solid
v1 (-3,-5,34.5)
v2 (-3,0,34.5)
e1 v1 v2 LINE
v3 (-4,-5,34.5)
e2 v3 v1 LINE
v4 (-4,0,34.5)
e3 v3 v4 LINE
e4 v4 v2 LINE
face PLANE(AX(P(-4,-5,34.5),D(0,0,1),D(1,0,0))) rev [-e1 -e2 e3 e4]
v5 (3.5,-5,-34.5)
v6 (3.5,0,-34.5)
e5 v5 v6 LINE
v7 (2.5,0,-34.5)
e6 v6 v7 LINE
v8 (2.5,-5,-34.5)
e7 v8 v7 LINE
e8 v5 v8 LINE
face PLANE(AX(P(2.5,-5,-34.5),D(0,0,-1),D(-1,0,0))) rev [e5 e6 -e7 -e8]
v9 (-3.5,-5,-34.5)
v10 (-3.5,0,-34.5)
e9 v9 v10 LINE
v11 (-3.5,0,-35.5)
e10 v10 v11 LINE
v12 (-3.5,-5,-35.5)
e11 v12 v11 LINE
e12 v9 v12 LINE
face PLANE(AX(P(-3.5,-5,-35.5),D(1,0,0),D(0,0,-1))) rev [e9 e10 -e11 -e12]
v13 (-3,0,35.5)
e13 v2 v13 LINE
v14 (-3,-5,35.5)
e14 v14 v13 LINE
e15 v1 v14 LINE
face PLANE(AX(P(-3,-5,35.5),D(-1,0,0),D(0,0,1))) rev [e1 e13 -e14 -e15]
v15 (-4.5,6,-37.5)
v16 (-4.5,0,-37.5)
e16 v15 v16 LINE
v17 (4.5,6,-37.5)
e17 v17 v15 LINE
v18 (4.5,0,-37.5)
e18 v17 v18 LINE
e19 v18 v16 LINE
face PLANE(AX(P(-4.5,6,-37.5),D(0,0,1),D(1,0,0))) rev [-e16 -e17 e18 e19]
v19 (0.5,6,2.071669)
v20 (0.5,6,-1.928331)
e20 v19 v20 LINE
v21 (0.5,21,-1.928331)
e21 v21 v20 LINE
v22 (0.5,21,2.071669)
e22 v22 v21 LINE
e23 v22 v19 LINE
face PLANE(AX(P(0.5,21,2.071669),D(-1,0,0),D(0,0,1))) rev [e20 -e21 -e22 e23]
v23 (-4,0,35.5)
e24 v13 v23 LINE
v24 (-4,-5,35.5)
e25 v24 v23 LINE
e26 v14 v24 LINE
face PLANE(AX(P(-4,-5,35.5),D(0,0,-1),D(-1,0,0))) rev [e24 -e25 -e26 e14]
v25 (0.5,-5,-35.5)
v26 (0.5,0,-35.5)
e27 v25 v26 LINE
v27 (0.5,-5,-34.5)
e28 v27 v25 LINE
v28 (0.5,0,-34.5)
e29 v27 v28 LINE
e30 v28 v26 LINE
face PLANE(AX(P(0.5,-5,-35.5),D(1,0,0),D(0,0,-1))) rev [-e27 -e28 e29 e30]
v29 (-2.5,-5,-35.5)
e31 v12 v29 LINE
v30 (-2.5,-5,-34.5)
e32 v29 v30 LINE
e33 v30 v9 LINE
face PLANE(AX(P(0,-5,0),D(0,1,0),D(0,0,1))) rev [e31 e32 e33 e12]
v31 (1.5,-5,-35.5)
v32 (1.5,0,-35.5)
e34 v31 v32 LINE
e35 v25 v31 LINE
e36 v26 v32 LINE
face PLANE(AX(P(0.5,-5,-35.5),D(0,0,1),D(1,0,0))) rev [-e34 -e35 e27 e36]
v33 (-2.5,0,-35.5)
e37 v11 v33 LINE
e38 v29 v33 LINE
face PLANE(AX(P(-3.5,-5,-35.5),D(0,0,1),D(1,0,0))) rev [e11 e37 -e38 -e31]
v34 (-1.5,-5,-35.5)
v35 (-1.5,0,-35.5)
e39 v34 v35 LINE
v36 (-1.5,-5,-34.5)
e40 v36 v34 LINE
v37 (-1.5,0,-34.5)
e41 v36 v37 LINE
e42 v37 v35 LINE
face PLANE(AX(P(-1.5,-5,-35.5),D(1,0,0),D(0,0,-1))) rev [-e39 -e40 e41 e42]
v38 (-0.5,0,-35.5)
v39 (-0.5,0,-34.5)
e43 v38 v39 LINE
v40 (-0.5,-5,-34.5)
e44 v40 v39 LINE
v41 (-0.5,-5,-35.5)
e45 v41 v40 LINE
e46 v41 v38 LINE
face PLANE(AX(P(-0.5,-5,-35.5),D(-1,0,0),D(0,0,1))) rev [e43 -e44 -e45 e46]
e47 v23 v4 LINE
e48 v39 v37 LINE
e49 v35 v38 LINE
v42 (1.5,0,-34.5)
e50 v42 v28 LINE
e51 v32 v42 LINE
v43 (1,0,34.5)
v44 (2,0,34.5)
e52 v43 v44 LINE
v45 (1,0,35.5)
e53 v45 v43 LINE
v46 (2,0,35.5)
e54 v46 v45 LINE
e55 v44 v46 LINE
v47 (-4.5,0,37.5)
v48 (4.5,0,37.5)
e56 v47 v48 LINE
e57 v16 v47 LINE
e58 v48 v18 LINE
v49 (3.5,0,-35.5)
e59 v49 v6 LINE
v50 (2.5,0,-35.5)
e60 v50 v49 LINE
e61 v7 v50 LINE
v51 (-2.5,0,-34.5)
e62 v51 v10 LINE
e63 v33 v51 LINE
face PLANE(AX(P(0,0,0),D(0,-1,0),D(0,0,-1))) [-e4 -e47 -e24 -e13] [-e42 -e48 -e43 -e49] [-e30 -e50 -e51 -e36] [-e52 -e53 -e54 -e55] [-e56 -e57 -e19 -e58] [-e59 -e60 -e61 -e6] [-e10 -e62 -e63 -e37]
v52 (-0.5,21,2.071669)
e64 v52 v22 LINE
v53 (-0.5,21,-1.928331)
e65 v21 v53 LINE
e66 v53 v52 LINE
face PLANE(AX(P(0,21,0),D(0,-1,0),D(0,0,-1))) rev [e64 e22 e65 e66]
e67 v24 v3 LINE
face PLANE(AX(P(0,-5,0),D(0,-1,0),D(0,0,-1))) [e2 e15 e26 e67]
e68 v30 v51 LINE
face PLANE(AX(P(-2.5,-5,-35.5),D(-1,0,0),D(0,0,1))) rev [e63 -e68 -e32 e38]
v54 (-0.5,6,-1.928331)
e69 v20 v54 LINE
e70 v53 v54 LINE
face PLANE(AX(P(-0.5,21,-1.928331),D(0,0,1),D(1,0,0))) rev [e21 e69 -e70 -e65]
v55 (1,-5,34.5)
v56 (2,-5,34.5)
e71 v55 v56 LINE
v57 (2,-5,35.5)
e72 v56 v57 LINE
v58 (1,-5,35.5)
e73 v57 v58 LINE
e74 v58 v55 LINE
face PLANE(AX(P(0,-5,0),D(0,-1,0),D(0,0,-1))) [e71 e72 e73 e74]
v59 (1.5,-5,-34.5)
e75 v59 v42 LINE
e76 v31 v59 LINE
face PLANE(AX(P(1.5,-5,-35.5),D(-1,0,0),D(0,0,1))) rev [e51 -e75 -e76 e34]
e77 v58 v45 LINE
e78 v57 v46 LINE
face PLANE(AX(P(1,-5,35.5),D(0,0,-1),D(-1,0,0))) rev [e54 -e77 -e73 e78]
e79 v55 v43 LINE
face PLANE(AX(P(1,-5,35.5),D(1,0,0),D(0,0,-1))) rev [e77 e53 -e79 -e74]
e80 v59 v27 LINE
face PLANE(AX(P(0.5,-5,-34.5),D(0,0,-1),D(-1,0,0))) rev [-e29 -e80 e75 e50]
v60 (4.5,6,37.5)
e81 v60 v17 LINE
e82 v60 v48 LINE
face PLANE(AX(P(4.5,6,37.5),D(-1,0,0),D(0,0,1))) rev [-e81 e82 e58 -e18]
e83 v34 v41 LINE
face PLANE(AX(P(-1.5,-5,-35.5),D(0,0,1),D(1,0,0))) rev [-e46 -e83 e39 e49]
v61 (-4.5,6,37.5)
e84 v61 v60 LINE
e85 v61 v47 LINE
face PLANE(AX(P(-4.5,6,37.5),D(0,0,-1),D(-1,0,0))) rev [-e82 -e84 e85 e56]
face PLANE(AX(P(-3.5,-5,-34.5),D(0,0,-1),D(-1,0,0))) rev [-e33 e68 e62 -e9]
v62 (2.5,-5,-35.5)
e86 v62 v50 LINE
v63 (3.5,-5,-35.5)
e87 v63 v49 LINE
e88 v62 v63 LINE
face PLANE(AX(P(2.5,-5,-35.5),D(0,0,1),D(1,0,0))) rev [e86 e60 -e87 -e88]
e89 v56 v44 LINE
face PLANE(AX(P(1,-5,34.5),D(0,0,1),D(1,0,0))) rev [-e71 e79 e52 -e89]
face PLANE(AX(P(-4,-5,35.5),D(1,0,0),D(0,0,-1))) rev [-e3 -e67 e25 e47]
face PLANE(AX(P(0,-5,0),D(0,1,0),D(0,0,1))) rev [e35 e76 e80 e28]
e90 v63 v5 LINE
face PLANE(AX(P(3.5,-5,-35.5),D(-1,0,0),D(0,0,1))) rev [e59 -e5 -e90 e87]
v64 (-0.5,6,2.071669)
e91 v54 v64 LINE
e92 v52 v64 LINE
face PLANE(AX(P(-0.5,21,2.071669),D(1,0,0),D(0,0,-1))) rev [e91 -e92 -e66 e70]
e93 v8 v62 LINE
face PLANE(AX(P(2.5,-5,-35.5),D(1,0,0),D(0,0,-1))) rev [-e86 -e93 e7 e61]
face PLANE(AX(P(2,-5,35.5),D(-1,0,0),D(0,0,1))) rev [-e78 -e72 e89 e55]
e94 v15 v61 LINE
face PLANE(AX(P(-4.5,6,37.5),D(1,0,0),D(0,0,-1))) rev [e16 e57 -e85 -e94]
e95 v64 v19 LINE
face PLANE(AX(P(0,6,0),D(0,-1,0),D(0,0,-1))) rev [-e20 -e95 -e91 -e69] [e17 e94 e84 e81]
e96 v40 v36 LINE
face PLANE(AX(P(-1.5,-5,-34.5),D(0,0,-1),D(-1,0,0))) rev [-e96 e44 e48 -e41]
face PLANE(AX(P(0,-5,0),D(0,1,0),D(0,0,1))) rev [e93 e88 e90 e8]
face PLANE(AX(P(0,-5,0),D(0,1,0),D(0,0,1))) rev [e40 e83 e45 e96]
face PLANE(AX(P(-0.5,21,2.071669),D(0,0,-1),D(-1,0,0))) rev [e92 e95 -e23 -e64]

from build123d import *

# Parameters (mm, degrees)
SKETCH1_W           = 9
SKETCH1_H           = 75
BOSS_EXTRUDE1_DEPTH = 6
SKETCH2_W           = 1
SKETCH2_H           = 4
BOSS_EXTRUDE2_DEPTH = 15
SKETCH4_W           = 1
SKETCH4_H           = 1
BOSS_EXTRUDE3_DEPTH = 5


with BuildPart() as part:
    # Sketch1 → Boss-Extrude1 (new body)
    with BuildSketch(Plane(origin=(0, 0, 0), x_dir=(1, 0, 0), z_dir=(0, 1, 0))):
        Rectangle(SKETCH1_W, SKETCH1_H)
    extrude(amount=BOSS_EXTRUDE1_DEPTH)

    # Sketch2 → Boss-Extrude2 (add)
    with BuildSketch(Plane(origin=(0, 6, 0), x_dir=(1, 0, 0), z_dir=(0, 1, 0))):
        with Locations((0, -0.071668646)):
            Rectangle(SKETCH2_W, SKETCH2_H)
    extrude(amount=BOSS_EXTRUDE2_DEPTH)

    # Sketch4 → Boss-Extrude3 (add)
    with BuildSketch(Plane.XZ):
        with Locations((-3.5, 35)):
            Rectangle(SKETCH4_W, SKETCH4_H)
        with Locations((1.5, 35)):
            Rectangle(SKETCH4_W, SKETCH4_H)
        with Locations((-3, -35)):
            Rectangle(SKETCH4_W, SKETCH4_H)
        with Locations((-1, -35)):
            Rectangle(SKETCH4_W, SKETCH4_H)
        with Locations((1, -35)):
            Rectangle(SKETCH4_W, SKETCH4_H)
        with Locations((3, -35)):
            Rectangle(SKETCH4_W, SKETCH4_H)
    extrude(amount=BOSS_EXTRUDE3_DEPTH)


solid = part.part
